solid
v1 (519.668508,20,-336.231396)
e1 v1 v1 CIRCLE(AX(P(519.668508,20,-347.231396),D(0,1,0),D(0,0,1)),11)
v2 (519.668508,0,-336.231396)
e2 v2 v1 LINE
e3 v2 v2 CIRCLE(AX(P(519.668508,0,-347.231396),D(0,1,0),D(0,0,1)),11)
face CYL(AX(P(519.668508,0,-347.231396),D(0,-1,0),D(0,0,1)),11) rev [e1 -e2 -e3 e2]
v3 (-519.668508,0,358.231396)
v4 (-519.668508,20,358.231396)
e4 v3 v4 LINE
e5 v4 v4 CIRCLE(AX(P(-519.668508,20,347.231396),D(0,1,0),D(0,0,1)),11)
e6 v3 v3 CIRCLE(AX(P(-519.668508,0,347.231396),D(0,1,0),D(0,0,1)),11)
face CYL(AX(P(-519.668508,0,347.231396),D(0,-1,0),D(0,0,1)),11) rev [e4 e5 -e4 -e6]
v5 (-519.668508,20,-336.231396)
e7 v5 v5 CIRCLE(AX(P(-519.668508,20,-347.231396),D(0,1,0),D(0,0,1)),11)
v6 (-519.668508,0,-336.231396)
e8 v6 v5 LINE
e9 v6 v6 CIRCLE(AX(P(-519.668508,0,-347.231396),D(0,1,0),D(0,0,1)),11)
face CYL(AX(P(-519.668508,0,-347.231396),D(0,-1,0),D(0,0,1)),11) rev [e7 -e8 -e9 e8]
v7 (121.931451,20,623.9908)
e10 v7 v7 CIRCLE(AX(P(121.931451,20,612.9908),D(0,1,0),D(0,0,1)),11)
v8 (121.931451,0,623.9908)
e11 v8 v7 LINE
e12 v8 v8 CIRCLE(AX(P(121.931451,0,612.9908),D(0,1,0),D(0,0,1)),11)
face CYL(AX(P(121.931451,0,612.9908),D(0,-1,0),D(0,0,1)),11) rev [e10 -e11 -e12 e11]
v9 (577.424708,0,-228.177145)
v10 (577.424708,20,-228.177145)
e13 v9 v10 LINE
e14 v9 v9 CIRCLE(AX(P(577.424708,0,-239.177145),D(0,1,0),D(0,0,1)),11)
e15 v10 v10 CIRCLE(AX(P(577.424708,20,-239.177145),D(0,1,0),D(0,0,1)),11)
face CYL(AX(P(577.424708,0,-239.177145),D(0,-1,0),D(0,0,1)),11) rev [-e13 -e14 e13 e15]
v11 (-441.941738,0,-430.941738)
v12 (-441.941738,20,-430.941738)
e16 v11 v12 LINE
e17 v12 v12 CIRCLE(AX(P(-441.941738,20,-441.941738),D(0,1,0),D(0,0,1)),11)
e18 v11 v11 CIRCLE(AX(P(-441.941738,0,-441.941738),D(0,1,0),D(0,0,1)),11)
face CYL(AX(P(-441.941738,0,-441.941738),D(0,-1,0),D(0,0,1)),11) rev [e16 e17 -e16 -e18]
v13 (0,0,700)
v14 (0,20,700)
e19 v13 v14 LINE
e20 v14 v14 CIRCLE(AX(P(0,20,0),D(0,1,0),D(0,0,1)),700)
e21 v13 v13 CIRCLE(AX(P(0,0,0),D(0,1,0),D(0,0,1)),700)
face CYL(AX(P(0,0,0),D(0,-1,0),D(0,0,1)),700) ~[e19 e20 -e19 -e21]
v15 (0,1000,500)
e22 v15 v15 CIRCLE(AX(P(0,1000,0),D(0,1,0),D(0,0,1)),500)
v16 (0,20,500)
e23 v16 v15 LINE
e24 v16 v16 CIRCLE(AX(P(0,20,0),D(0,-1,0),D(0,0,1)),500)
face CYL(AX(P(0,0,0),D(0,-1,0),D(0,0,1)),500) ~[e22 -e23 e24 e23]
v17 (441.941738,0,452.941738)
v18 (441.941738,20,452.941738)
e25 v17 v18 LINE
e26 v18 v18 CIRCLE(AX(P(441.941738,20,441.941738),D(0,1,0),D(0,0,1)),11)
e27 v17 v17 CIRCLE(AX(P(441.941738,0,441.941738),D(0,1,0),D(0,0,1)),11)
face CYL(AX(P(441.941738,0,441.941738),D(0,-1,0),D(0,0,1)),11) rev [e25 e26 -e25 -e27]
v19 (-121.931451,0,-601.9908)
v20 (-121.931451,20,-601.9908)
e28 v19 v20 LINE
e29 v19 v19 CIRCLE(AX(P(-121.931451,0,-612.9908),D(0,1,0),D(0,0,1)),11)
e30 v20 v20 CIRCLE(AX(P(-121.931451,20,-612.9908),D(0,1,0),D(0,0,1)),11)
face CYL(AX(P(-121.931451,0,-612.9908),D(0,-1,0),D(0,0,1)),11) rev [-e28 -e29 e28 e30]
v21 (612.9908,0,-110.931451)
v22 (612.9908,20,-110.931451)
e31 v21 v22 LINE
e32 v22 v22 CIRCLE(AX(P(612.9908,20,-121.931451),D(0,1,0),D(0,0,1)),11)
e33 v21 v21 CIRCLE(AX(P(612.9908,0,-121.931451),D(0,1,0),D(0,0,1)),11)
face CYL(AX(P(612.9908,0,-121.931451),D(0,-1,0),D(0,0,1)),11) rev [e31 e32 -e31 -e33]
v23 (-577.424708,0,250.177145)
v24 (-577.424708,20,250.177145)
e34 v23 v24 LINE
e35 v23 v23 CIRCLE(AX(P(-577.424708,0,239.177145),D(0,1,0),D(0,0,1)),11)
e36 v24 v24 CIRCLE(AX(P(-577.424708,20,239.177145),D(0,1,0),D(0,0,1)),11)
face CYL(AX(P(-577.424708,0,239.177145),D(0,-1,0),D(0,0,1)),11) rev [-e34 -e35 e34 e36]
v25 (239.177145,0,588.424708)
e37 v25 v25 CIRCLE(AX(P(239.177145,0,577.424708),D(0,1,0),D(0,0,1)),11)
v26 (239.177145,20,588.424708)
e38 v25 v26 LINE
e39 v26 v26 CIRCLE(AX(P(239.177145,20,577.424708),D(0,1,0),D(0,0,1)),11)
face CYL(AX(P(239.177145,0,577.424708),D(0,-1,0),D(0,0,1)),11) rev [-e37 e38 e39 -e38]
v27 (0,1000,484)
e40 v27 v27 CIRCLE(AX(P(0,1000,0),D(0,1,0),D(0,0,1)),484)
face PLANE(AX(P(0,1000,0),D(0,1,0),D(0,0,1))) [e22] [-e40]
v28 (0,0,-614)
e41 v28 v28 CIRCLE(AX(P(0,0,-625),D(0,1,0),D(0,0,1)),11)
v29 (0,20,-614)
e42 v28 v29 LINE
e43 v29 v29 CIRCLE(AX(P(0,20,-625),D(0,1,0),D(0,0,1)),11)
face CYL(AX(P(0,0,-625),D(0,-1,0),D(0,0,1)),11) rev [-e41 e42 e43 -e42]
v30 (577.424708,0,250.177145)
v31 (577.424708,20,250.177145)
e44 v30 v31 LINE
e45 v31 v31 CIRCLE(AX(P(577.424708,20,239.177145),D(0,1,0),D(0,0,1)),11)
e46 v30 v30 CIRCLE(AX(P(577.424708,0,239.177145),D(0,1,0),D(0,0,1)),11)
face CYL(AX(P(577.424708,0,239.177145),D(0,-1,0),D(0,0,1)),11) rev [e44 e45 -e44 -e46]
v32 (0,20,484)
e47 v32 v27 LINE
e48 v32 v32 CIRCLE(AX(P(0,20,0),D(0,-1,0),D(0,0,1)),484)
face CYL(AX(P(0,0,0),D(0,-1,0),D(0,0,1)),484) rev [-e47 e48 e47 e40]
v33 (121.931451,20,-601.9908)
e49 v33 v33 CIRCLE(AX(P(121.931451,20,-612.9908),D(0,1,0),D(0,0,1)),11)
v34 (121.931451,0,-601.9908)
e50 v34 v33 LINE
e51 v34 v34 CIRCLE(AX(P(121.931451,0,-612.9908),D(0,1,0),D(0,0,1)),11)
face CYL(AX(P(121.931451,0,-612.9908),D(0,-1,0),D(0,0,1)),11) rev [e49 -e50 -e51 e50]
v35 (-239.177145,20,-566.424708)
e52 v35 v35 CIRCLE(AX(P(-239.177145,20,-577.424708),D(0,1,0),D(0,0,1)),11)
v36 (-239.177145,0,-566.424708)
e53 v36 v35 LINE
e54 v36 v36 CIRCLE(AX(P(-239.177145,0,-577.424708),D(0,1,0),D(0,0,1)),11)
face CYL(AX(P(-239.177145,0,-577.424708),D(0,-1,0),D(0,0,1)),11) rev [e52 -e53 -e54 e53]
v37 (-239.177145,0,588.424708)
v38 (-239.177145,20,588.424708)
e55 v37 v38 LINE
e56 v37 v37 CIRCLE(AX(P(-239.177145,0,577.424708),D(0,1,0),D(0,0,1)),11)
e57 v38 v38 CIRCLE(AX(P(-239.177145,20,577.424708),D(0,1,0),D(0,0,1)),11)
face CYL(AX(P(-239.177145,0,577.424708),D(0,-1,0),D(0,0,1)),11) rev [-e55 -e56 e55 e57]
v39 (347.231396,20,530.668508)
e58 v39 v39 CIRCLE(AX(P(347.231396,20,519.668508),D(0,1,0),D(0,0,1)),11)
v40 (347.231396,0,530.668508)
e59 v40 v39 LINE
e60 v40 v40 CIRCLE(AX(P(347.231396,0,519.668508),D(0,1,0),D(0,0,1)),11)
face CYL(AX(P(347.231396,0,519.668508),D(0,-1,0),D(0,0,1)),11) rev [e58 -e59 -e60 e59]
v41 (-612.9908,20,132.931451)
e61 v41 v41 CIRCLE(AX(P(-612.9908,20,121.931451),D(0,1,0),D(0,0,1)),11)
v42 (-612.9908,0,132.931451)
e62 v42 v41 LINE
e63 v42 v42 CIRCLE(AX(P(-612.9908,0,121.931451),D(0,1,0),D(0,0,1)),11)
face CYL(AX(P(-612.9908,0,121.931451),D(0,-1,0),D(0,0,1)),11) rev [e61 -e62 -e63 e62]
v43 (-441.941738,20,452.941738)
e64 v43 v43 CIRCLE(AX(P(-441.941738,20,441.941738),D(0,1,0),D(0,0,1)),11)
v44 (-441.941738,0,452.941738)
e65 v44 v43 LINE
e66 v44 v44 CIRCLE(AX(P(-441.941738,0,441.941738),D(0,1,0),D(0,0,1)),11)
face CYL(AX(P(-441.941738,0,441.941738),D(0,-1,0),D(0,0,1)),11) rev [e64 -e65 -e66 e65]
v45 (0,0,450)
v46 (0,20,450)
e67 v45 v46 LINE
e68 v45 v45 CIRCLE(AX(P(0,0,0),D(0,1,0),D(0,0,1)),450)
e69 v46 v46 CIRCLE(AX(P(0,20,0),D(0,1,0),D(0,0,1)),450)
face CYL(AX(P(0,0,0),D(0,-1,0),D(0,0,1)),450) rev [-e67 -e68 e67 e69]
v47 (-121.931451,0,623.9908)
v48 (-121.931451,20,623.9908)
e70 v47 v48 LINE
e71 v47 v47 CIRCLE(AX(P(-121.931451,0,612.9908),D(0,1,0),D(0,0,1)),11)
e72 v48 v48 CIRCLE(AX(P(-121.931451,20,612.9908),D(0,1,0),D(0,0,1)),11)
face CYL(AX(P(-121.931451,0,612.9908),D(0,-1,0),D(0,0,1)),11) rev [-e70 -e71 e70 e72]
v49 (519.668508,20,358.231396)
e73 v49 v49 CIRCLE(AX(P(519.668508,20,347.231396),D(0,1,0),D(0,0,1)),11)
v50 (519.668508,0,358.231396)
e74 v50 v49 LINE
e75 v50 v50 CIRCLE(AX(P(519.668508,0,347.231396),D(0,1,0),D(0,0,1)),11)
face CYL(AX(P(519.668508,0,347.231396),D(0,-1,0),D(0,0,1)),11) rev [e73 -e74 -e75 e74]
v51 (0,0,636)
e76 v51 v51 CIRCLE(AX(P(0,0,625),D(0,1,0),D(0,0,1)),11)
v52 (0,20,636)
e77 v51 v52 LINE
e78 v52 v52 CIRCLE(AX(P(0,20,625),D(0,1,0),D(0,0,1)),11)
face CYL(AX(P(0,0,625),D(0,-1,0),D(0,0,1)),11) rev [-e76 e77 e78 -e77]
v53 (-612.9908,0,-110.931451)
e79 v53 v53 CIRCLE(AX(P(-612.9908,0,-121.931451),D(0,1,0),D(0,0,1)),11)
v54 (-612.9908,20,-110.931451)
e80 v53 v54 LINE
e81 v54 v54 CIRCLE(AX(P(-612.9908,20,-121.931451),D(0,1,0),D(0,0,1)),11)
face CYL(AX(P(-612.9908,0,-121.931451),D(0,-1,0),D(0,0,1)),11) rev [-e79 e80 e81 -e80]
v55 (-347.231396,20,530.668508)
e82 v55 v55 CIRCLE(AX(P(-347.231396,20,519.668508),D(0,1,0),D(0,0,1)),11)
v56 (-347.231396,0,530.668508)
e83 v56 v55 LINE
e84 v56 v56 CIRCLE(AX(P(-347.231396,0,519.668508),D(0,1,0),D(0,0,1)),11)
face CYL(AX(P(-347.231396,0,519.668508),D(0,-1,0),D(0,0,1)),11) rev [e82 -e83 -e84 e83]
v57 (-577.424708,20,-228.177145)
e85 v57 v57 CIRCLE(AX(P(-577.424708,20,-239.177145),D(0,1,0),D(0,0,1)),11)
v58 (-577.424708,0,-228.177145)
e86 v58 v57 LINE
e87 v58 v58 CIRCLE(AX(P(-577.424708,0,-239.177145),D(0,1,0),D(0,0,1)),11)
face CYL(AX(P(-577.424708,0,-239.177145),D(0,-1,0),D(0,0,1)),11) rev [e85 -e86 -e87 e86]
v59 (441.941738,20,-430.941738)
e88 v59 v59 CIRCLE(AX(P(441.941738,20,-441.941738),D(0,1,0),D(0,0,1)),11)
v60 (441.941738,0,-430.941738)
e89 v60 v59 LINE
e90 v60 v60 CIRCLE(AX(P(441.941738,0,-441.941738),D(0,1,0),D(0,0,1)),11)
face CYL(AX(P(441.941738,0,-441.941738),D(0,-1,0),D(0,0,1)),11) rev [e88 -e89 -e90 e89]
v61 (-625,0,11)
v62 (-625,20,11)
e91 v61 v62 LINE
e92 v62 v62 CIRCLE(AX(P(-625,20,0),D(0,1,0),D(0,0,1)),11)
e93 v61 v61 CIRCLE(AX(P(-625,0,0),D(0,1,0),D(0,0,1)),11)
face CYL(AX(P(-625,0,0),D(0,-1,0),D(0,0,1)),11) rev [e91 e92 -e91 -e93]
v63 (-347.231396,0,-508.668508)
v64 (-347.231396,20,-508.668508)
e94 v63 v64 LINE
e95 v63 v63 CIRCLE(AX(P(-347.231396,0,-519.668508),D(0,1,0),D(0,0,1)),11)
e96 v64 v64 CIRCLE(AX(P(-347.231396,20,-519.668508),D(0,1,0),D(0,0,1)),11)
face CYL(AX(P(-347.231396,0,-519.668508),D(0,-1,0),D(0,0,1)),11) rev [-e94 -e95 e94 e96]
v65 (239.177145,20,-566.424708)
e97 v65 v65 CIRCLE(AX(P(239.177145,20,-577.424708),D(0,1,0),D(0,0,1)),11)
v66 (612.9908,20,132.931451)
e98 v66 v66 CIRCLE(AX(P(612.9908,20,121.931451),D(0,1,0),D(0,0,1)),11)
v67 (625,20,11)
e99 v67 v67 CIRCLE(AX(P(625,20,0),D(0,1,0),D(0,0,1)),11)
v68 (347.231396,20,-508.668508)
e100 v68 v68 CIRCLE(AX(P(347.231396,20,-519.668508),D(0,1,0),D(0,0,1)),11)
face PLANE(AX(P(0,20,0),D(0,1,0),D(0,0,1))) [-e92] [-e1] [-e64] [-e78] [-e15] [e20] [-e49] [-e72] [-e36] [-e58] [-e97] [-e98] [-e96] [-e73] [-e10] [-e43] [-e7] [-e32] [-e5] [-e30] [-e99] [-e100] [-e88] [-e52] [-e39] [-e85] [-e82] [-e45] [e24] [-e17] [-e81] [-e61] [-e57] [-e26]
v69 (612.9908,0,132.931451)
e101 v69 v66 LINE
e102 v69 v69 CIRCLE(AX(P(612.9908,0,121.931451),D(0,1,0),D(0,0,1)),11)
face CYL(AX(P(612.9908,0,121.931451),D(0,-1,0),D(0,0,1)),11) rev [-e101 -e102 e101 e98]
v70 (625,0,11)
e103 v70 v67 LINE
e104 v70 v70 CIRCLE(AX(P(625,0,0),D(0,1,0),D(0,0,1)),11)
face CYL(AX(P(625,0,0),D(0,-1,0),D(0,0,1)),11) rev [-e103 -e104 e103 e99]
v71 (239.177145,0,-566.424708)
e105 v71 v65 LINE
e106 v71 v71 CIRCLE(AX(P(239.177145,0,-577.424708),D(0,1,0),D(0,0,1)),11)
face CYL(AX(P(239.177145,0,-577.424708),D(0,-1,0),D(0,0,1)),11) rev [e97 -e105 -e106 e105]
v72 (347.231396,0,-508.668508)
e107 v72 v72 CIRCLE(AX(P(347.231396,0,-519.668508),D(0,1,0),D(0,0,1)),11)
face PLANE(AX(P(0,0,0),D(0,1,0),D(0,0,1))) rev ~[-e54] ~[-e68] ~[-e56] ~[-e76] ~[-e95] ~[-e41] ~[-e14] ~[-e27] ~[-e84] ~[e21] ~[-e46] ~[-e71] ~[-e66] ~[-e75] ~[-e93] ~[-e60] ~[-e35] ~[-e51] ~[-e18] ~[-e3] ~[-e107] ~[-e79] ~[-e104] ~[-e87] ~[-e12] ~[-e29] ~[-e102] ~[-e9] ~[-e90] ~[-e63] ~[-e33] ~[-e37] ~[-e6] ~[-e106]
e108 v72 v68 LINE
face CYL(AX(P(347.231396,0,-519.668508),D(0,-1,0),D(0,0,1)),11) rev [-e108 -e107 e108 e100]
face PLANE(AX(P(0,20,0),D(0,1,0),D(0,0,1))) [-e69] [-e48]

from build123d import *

# Parameters (mm, degrees)
SKETCH1_R           = 500
SKETCH1_R_2         = 484
BOSS_EXTRUDE1_DEPTH = 1000
SKETCH2_R           = 700
SKETCH2_R_2         = 450
SKETCH2_R_3         = 11
BOSS_EXTRUDE2_DEPTH = 20


with BuildPart() as part:
    # Sketch1 → Boss-Extrude1 (new body)
    with BuildSketch(Plane(origin=(0, 0, 0), x_dir=(1, 0, 0), z_dir=(0, 1, 0))):
        with Locations(Location((0, 0, 0), (0, 0, 270))):
            Circle(SKETCH1_R)
        with Locations(Location((0, 0, 0), (0, 0, 270))):
            Circle(SKETCH1_R_2, mode=Mode.SUBTRACT)
    extrude(amount=BOSS_EXTRUDE1_DEPTH)

    # Sketch2 → Boss-Extrude2 (add)
    with BuildSketch(Plane(origin=(0, 0, 0), x_dir=(1, 0, 0), z_dir=(0, 1, 0))):
        with Locations(Location((0, 0, 0), (0, 0, 270))):
            Circle(SKETCH2_R)
        with Locations(Location((0, 0, 0), (0, 0, 270))):
            Circle(SKETCH2_R_2, mode=Mode.SUBTRACT)
        with Locations(Location((0, 625, 0), (0, 0, 270))):
            Circle(SKETCH2_R_3, mode=Mode.SUBTRACT)
        with Locations(Location((121.93145126, 612.990800252, 0), (0, 0, 270))):
            Circle(SKETCH2_R_3, mode=Mode.SUBTRACT)
        with Locations(Location((239.177145228, 577.42470782, 0), (0, 0, 270))):
            Circle(SKETCH2_R_3, mode=Mode.SUBTRACT)
        with Locations(Location((347.231395637, 519.668507689, 0), (0, 0, 270))):
            Circle(SKETCH2_R_3, mode=Mode.SUBTRACT)
        with Locations(Location((441.941738242, 441.941738242, 0), (0, 0, 270))):
            Circle(SKETCH2_R_3, mode=Mode.SUBTRACT)
        with Locations(Location((519.668507689, 347.231395637, 0), (0, 0, 270))):
            Circle(SKETCH2_R_3, mode=Mode.SUBTRACT)
        with Locations(Location((577.42470782, 239.177145228, 0), (0, 0, 270))):
            Circle(SKETCH2_R_3, mode=Mode.SUBTRACT)
        with Locations(Location((612.990800252, 121.93145126, 0), (0, 0, 270))):
            Circle(SKETCH2_R_3, mode=Mode.SUBTRACT)
        with Locations(Location((625, 0, 0), (0, 0, 270))):
            Circle(SKETCH2_R_3, mode=Mode.SUBTRACT)
        with Locations(Location((612.990800252, -121.93145126, 0), (0, 0, 270))):
            Circle(SKETCH2_R_3, mode=Mode.SUBTRACT)
        with Locations(Location((577.42470782, -239.177145228, 0), (0, 0, 270))):
            Circle(SKETCH2_R_3, mode=Mode.SUBTRACT)
        with Locations(Location((519.668507689, -347.231395637, 0), (0, 0, 270))):
            Circle(SKETCH2_R_3, mode=Mode.SUBTRACT)
        with Locations(Location((441.941738242, -441.941738242, 0), (0, 0, 270))):
            Circle(SKETCH2_R_3, mode=Mode.SUBTRACT)
        with Locations(Location((347.231395637, -519.668507689, 0), (0, 0, 270))):
            Circle(SKETCH2_R_3, mode=Mode.SUBTRACT)
        with Locations(Location((239.177145228, -577.42470782, 0), (0, 0, 270))):
            Circle(SKETCH2_R_3, mode=Mode.SUBTRACT)
        with Locations(Location((121.93145126, -612.990800252, 0), (0, 0, 270))):
            Circle(SKETCH2_R_3, mode=Mode.SUBTRACT)
        with Locations(Location((0, -625, 0), (0, 0, 270))):
            Circle(SKETCH2_R_3, mode=Mode.SUBTRACT)
        with Locations(Location((-121.93145126, -612.990800252, 0), (0, 0, 270))):
            Circle(SKETCH2_R_3, mode=Mode.SUBTRACT)
        with Locations(Location((-239.177145228, -577.42470782, 0), (0, 0, 270))):
            Circle(SKETCH2_R_3, mode=Mode.SUBTRACT)
        with Locations(Location((-347.231395637, -519.668507689, 0), (0, 0, 270))):
            Circle(SKETCH2_R_3, mode=Mode.SUBTRACT)
        with Locations(Location((-441.941738242, -441.941738242, 0), (0, 0, 270))):
            Circle(SKETCH2_R_3, mode=Mode.SUBTRACT)
        with Locations(Location((-519.668507689, -347.231395637, 0), (0, 0, 270))):
            Circle(SKETCH2_R_3, mode=Mode.SUBTRACT)
        with Locations(Location((-577.42470782, -239.177145228, 0), (0, 0, 270))):
            Circle(SKETCH2_R_3, mode=Mode.SUBTRACT)
        with Locations(Location((-612.990800252, -121.93145126, 0), (0, 0, 270))):
            Circle(SKETCH2_R_3, mode=Mode.SUBTRACT)
        with Locations(Location((-625, 0, 0), (0, 0, 270))):
            Circle(SKETCH2_R_3, mode=Mode.SUBTRACT)
        with Locations(Location((-612.990800252, 121.93145126, 0), (0, 0, 270))):
            Circle(SKETCH2_R_3, mode=Mode.SUBTRACT)
        with Locations(Location((-577.42470782, 239.177145228, 0), (0, 0, 270))):
            Circle(SKETCH2_R_3, mode=Mode.SUBTRACT)
        with Locations(Location((-519.668507689, 347.231395637, 0), (0, 0, 270))):
            Circle(SKETCH2_R_3, mode=Mode.SUBTRACT)
        with Locations(Location((-441.941738242, 441.941738242, 0), (0, 0, 270))):
            Circle(SKETCH2_R_3, mode=Mode.SUBTRACT)
        with Locations(Location((-347.231395637, 519.668507689, 0), (0, 0, 270))):
            Circle(SKETCH2_R_3, mode=Mode.SUBTRACT)
        with Locations(Location((-239.177145228, 577.42470782, 0), (0, 0, 270))):
            Circle(SKETCH2_R_3, mode=Mode.SUBTRACT)
        with Locations(Location((-121.93145126, 612.990800252, 0), (0, 0, 270))):
            Circle(SKETCH2_R_3, mode=Mode.SUBTRACT)
    extrude(amount=BOSS_EXTRUDE2_DEPTH)


solid = part.part
